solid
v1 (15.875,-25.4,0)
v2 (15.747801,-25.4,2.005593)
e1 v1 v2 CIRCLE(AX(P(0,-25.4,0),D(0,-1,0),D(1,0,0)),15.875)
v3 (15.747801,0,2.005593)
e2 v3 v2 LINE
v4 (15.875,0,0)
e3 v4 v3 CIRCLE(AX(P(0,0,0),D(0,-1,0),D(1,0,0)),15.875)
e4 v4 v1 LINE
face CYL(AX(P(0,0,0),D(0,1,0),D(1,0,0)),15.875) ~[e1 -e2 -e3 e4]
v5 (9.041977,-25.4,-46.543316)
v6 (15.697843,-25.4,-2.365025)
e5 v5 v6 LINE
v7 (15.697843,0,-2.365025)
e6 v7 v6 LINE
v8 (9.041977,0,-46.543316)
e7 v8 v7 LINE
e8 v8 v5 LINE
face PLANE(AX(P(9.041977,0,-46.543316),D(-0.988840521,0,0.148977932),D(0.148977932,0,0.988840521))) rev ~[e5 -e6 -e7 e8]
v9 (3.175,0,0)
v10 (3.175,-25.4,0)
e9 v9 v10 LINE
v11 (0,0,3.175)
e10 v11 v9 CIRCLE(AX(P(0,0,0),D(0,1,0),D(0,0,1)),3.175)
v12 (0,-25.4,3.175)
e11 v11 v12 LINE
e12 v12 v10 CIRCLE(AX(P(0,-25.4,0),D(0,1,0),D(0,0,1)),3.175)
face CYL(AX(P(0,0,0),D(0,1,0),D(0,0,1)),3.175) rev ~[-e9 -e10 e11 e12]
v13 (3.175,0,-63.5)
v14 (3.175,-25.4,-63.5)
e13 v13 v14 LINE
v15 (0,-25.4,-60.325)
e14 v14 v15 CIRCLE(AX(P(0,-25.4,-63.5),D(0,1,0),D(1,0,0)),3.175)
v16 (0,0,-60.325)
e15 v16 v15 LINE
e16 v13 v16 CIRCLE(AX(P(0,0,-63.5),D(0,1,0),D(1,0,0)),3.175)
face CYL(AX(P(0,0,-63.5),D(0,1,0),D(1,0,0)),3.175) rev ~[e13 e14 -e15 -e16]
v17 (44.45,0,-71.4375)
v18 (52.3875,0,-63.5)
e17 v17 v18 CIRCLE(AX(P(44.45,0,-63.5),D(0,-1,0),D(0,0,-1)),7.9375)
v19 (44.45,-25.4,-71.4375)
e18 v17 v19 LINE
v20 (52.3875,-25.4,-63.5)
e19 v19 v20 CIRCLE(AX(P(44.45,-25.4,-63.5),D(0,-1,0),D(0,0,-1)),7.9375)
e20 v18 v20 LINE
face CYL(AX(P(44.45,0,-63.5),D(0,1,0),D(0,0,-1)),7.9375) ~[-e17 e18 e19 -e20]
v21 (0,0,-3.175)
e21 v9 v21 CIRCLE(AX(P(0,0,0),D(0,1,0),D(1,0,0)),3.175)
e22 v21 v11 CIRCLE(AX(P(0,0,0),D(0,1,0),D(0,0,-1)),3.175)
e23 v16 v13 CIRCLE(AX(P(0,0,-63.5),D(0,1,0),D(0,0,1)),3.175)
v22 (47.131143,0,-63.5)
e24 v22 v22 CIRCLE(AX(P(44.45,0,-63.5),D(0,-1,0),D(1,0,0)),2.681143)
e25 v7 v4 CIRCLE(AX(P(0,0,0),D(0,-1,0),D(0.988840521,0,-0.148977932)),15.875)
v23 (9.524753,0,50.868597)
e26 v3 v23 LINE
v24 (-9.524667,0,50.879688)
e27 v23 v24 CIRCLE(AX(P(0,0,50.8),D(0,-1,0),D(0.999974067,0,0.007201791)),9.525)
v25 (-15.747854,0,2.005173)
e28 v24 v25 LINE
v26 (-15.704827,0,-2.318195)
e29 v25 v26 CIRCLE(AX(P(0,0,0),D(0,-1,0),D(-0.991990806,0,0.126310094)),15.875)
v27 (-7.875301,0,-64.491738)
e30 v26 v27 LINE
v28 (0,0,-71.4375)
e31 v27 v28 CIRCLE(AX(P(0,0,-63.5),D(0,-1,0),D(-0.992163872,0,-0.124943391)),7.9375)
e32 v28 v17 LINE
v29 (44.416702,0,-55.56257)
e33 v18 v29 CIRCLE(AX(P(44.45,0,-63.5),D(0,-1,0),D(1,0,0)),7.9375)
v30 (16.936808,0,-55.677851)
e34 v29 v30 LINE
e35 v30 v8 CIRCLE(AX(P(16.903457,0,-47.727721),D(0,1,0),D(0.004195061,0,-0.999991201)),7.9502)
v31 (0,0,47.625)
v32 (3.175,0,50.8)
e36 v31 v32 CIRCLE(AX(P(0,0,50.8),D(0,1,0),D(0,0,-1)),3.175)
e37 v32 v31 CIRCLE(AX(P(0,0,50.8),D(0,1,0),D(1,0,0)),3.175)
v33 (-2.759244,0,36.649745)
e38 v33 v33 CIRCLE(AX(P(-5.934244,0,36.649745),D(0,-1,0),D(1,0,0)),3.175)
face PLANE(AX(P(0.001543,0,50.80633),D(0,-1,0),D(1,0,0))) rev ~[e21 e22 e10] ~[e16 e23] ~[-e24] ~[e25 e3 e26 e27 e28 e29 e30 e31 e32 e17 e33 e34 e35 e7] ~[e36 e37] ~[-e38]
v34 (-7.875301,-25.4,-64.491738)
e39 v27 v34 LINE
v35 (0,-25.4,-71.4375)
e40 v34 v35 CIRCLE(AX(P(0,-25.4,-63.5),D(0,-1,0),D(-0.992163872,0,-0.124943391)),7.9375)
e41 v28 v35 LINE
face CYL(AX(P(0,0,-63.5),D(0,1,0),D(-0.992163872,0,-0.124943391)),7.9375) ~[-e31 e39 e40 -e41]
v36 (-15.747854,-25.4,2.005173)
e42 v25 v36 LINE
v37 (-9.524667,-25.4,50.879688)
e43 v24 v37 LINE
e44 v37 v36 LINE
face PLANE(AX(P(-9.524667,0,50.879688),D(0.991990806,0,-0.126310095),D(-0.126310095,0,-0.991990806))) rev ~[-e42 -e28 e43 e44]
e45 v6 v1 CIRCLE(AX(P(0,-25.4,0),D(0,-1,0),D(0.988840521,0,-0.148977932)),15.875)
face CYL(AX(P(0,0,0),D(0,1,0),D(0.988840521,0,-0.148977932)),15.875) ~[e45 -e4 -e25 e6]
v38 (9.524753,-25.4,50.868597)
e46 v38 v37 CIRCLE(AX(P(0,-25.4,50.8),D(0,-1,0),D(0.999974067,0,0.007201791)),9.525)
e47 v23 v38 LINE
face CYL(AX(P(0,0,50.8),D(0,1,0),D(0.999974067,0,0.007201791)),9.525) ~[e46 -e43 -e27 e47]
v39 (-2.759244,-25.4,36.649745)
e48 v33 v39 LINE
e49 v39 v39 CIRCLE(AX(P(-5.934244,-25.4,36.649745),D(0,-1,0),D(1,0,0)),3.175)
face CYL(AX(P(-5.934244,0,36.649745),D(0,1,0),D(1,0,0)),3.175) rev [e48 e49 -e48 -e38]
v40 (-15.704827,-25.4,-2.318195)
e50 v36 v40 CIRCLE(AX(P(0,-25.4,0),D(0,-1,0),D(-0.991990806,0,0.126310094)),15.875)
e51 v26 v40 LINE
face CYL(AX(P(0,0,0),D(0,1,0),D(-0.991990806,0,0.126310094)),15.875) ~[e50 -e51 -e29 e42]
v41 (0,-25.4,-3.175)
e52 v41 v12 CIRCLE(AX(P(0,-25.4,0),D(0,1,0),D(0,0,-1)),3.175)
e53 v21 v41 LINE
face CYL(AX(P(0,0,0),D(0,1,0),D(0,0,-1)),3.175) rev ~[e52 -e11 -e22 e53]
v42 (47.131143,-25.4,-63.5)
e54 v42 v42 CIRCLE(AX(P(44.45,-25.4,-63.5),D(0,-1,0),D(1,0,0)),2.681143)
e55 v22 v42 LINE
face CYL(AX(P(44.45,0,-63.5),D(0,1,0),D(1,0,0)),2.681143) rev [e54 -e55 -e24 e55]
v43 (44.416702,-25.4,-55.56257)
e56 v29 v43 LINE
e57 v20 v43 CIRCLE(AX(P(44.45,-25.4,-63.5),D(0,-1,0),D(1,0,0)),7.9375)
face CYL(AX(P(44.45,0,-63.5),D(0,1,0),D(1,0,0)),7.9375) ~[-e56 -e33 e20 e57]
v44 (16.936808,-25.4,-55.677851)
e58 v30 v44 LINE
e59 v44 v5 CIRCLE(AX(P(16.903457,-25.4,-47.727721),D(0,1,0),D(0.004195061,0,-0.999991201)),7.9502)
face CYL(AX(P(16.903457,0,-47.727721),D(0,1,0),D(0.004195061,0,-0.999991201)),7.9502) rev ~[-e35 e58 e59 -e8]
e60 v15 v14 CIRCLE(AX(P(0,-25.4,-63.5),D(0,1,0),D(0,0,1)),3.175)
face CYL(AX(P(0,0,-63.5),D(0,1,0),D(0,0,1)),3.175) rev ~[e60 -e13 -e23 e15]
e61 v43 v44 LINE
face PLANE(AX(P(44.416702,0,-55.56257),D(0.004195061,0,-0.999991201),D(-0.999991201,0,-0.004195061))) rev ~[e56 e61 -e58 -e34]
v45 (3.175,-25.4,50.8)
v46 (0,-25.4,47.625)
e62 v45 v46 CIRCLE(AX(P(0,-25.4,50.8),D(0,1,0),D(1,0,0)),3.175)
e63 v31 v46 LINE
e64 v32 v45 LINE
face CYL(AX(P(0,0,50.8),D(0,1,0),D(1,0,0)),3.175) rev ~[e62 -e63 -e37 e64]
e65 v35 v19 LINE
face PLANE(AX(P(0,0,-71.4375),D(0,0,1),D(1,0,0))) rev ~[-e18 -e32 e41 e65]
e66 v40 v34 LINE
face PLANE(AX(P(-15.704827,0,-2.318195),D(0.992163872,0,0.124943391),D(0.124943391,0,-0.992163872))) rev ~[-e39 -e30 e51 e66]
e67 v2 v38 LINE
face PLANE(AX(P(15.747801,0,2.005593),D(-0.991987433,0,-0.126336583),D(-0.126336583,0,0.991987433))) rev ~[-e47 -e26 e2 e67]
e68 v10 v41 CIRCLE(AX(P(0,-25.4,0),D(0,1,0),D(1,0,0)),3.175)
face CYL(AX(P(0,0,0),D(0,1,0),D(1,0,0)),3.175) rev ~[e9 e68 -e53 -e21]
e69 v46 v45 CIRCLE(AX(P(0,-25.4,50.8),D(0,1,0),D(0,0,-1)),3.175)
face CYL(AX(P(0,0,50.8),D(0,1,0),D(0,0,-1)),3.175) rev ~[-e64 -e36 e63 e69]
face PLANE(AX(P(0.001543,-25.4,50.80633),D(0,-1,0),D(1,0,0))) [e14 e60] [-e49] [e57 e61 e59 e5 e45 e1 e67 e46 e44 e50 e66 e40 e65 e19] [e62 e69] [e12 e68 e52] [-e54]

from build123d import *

# Parameters (mm, degrees)
F0_R     = 3.175
F0_R_2   = 2.6811430303
F1_DEPTH = 25.4
F2_DEPTH = 25.4
F3_DEPTH = 25.4


with BuildPart() as f1:
    # F0 (on Front) → F1 (new body)
    with BuildSketch(Plane.XZ):
        with BuildLine():
            ThreePointArc((-9.5246666481, 50.8796884045), (-6.7633075138, 44.0930411904), (0, 41.275))
            ThreePointArc((0, 41.275), (6.7351920908, 44.0648079092), (9.525, 50.8))
            ThreePointArc((9.525, 50.8), (9.5249382463, 50.8342987513), (9.524752986, 50.8685970579))
            ThreePointArc((9.524752986, 50.8685970579), (0.0055458414, 60.3249983855), (-9.5246666481, 50.8796884045))
        make_face()
        with BuildLine():
            ThreePointArc((3.175, 50.8), (2.2450640303, 48.5549359697), (0, 47.625))
            ThreePointArc((0, 47.625), (-2.2450640303, 53.0450640303), (3.175, 50.8))
        make_face(mode=Mode.SUBTRACT)
        with BuildLine():
            ThreePointArc((9.525, 50.8), (6.7351920908, 44.0648079092), (0, 41.275))
            Line((0, 41.275), (0, 36.5252))
            Line((0, 36.5252), (0, 15.875))
            ThreePointArc((0, 15.875), (10.4923027044, 11.9133206521), (15.7478005035, 2.0055932546))
            Line((15.7478005035, 2.0055932546), (9.524752986, 50.8685970579))
            ThreePointArc((9.524752986, 50.8685970579), (9.5249382463, 50.8342987513), (9.525, 50.8))
        make_face()
        with BuildLine():
            Line((0, 36.5252), (0, 41.275))
            ThreePointArc((0, 41.275), (-6.7633075138, 44.0930411904), (-9.5246666481, 50.8796884045))
            Line((-9.5246666481, 50.8796884045), (-15.747854052, 2.0051727503))
            ThreePointArc((-15.747854052, 2.0051727503), (-10.4924617605, 11.9131805663), (0, 15.875))
            Line((0, 15.875), (0, 36.5252))
        make_face()
        with Locations((-5.9342440218, 36.6497449577)):
            Circle(F0_R, mode=Mode.SUBTRACT)
        with BuildLine():
            ThreePointArc((15.7478005035, 2.0055932546), (10.4923027044, 11.9133206521), (0, 15.875))
            Line((0, 15.875), (0, 3.175))
            ThreePointArc((0, 3.175), (2.2450640303, 2.2450640303), (3.175, 0))
            ThreePointArc((3.175, 0), (2.2450640303, -2.2450640303), (0, -3.175))
            Line((0, -3.175), (0, -15.875))
            ThreePointArc((0, -15.875), (10.3554540779, -12.0324642464), (15.697843269, -2.3650246727))
            ThreePointArc((15.697843269, -2.3650246727), (15.8306488638, -1.1858252622), (15.875, 0))
            ThreePointArc((15.875, 0), (15.8431682121, 1.004811427), (15.7478005035, 2.0055932546))
        make_face()
        with BuildLine():
            Line((0, 3.175), (0, 15.875))
            ThreePointArc((0, 15.875), (-10.4924617605, 11.9131805663), (-15.747854052, 2.0051727503))
            ThreePointArc((-15.747854052, 2.0051727503), (-15.8742138864, -0.1579825563), (-15.7048272525, -2.3181945497))
            ThreePointArc((-15.7048272525, -2.3181945497), (-10.3733862968, -12.0170080194), (0, -15.875))
            Line((0, -15.875), (0, -3.175))
            ThreePointArc((0, -3.175), (-3.175, 0), (0, 3.175))
        make_face()
        with BuildLine():
            ThreePointArc((0, -15.875), (-10.3733862968, -12.0170080194), (-15.7048272525, -2.3181945497))
            Line((-15.7048272525, -2.3181945497), (-7.8753007349, -64.4917381631))
            ThreePointArc((-7.8753007349, -64.4917381631), (-5.9529752192, -58.2496674115), (0, -55.5625))
            Line((0, -55.5625), (0, -15.875))
        make_face()
        with BuildLine():
            ThreePointArc((15.697843269, -2.3650246727), (10.3554540779, -12.0324642464), (0, -15.875))
            Line((0, -15.875), (0, -55.5625))
            ThreePointArc((0, -55.5625), (5.6126600757, -57.8873399243), (7.9375, -63.5))
            ThreePointArc((7.9375, -63.5), (5.6126600757, -69.1126600757), (0, -71.4375))
            Line((0, -71.4375), (44.45, -71.4375))
            ThreePointArc((44.45, -71.4375), (36.5125174611, -63.5166491853), (44.4167017026, -55.5625698445))
            Line((44.4167017026, -55.5625698445), (16.9368082183, -55.6778506909))
            ThreePointArc((16.9368082183, -55.6778506909), (10.8884896462, -52.9263600902), (9.0419767345, -46.543316291))
            Line((9.0419767345, -46.543316291), (15.697843269, -2.3650246727))
        make_face()
        with BuildLine():
            ThreePointArc((0, -55.5625), (-5.9529752192, -58.2496674115), (-7.8753007349, -64.4917381631))
            ThreePointArc((-7.8753007349, -64.4917381631), (-5.2503325885, -69.4529752192), (0, -71.4375))
            ThreePointArc((0, -71.4375), (5.6126600757, -69.1126600757), (7.9375, -63.5))
            ThreePointArc((7.9375, -63.5), (5.6126600757, -57.8873399243), (0, -55.5625))
        make_face()
        with BuildLine():
            ThreePointArc((3.175, -63.5), (-2.2450640303, -65.7450640303), (0, -60.325))
            ThreePointArc((0, -60.325), (2.2450640303, -61.2549359697), (3.175, -63.5))
        make_face(mode=Mode.SUBTRACT)
        with BuildLine():
            ThreePointArc((44.4167017026, -55.5625698445), (36.5125174611, -63.5166491853), (44.45, -71.4375))
            ThreePointArc((44.45, -71.4375), (50.0626600757, -69.1126600757), (52.3875, -63.5))
            ThreePointArc((52.3875, -63.5), (50.0508749769, -57.8755795194), (44.4167017026, -55.5625698445))
        make_face()
        with Locations((44.45, -63.5)):
            Circle(F0_R_2, mode=Mode.SUBTRACT)
    extrude(amount=F1_DEPTH)

    # F0 (on Front) → F2 (join)
    with BuildSketch(Plane.XZ):
        with BuildLine():
            ThreePointArc((-9.5246666481, 50.8796884045), (-6.7633075138, 44.0930411904), (0, 41.275))
            ThreePointArc((0, 41.275), (6.7351920908, 44.0648079092), (9.525, 50.8))
            ThreePointArc((9.525, 50.8), (9.5249382463, 50.8342987513), (9.524752986, 50.8685970579))
            ThreePointArc((9.524752986, 50.8685970579), (0.0055458414, 60.3249983855), (-9.5246666481, 50.8796884045))
        make_face()
        with BuildLine():
            ThreePointArc((3.175, 50.8), (2.2450640303, 48.5549359697), (0, 47.625))
            ThreePointArc((0, 47.625), (-2.2450640303, 53.0450640303), (3.175, 50.8))
        make_face(mode=Mode.SUBTRACT)
        with BuildLine():
            ThreePointArc((9.525, 50.8), (6.7351920908, 44.0648079092), (0, 41.275))
            Line((0, 41.275), (0, 36.5252))
            Line((0, 36.5252), (0, 15.875))
            ThreePointArc((0, 15.875), (10.4923027044, 11.9133206521), (15.7478005035, 2.0055932546))
            Line((15.7478005035, 2.0055932546), (9.524752986, 50.8685970579))
            ThreePointArc((9.524752986, 50.8685970579), (9.5249382463, 50.8342987513), (9.525, 50.8))
        make_face()
        with BuildLine():
            Line((0, 36.5252), (0, 41.275))
            ThreePointArc((0, 41.275), (-6.7633075138, 44.0930411904), (-9.5246666481, 50.8796884045))
            Line((-9.5246666481, 50.8796884045), (-15.747854052, 2.0051727503))
            ThreePointArc((-15.747854052, 2.0051727503), (-10.4924617605, 11.9131805663), (0, 15.875))
            Line((0, 15.875), (0, 36.5252))
        make_face()
        with Locations((-5.9342440218, 36.6497449577)):
            Circle(F0_R, mode=Mode.SUBTRACT)
        with BuildLine():
            ThreePointArc((15.7478005035, 2.0055932546), (10.4923027044, 11.9133206521), (0, 15.875))
            Line((0, 15.875), (0, 3.175))
            ThreePointArc((0, 3.175), (2.2450640303, 2.2450640303), (3.175, 0))
            ThreePointArc((3.175, 0), (2.2450640303, -2.2450640303), (0, -3.175))
            Line((0, -3.175), (0, -15.875))
            ThreePointArc((0, -15.875), (10.3554540779, -12.0324642464), (15.697843269, -2.3650246727))
            ThreePointArc((15.697843269, -2.3650246727), (15.8306488638, -1.1858252622), (15.875, 0))
            ThreePointArc((15.875, 0), (15.8431682121, 1.004811427), (15.7478005035, 2.0055932546))
        make_face()
        with BuildLine():
            Line((0, 3.175), (0, 15.875))
            ThreePointArc((0, 15.875), (-10.4924617605, 11.9131805663), (-15.747854052, 2.0051727503))
            ThreePointArc((-15.747854052, 2.0051727503), (-15.8742138864, -0.1579825563), (-15.7048272525, -2.3181945497))
            ThreePointArc((-15.7048272525, -2.3181945497), (-10.3733862968, -12.0170080194), (0, -15.875))
            Line((0, -15.875), (0, -3.175))
            ThreePointArc((0, -3.175), (-3.175, 0), (0, 3.175))
        make_face()
        with BuildLine():
            ThreePointArc((0, -15.875), (-10.3733862968, -12.0170080194), (-15.7048272525, -2.3181945497))
            Line((-15.7048272525, -2.3181945497), (-7.8753007349, -64.4917381631))
            ThreePointArc((-7.8753007349, -64.4917381631), (-5.9529752192, -58.2496674115), (0, -55.5625))
            Line((0, -55.5625), (0, -15.875))
        make_face()
        with BuildLine():
            ThreePointArc((15.697843269, -2.3650246727), (10.3554540779, -12.0324642464), (0, -15.875))
            Line((0, -15.875), (0, -55.5625))
            ThreePointArc((0, -55.5625), (5.6126600757, -57.8873399243), (7.9375, -63.5))
            ThreePointArc((7.9375, -63.5), (5.6126600757, -69.1126600757), (0, -71.4375))
            Line((0, -71.4375), (44.45, -71.4375))
            ThreePointArc((44.45, -71.4375), (36.5125174611, -63.5166491853), (44.4167017026, -55.5625698445))
            Line((44.4167017026, -55.5625698445), (16.9368082183, -55.6778506909))
            ThreePointArc((16.9368082183, -55.6778506909), (10.8884896462, -52.9263600902), (9.0419767345, -46.543316291))
            Line((9.0419767345, -46.543316291), (15.697843269, -2.3650246727))
        make_face()
        with BuildLine():
            ThreePointArc((0, -55.5625), (-5.9529752192, -58.2496674115), (-7.8753007349, -64.4917381631))
            ThreePointArc((-7.8753007349, -64.4917381631), (-5.2503325885, -69.4529752192), (0, -71.4375))
            ThreePointArc((0, -71.4375), (5.6126600757, -69.1126600757), (7.9375, -63.5))
            ThreePointArc((7.9375, -63.5), (5.6126600757, -57.8873399243), (0, -55.5625))
        make_face()
        with BuildLine():
            ThreePointArc((3.175, -63.5), (-2.2450640303, -65.7450640303), (0, -60.325))
            ThreePointArc((0, -60.325), (2.2450640303, -61.2549359697), (3.175, -63.5))
        make_face(mode=Mode.SUBTRACT)
        with BuildLine():
            ThreePointArc((44.4167017026, -55.5625698445), (36.5125174611, -63.5166491853), (44.45, -71.4375))
            ThreePointArc((44.45, -71.4375), (50.0626600757, -69.1126600757), (52.3875, -63.5))
            ThreePointArc((52.3875, -63.5), (50.0508749769, -57.8755795194), (44.4167017026, -55.5625698445))
        make_face()
        with Locations((44.45, -63.5)):
            Circle(F0_R_2, mode=Mode.SUBTRACT)
    extrude(amount=F2_DEPTH)

    # F0 (on Front) → F3 (join)
    with BuildSketch(Plane.XZ):
        with BuildLine():
            ThreePointArc((-9.5246666481, 50.8796884045), (-6.7633075138, 44.0930411904), (0, 41.275))
            ThreePointArc((0, 41.275), (6.7351920908, 44.0648079092), (9.525, 50.8))
            ThreePointArc((9.525, 50.8), (9.5249382463, 50.8342987513), (9.524752986, 50.8685970579))
            ThreePointArc((9.524752986, 50.8685970579), (0.0055458414, 60.3249983855), (-9.5246666481, 50.8796884045))
        make_face()
        with BuildLine():
            ThreePointArc((3.175, 50.8), (2.2450640303, 48.5549359697), (0, 47.625))
            ThreePointArc((0, 47.625), (-2.2450640303, 53.0450640303), (3.175, 50.8))
        make_face(mode=Mode.SUBTRACT)
        with BuildLine():
            ThreePointArc((9.525, 50.8), (6.7351920908, 44.0648079092), (0, 41.275))
            Line((0, 41.275), (0, 36.5252))
            Line((0, 36.5252), (0, 15.875))
            ThreePointArc((0, 15.875), (10.4923027044, 11.9133206521), (15.7478005035, 2.0055932546))
            Line((15.7478005035, 2.0055932546), (9.524752986, 50.8685970579))
            ThreePointArc((9.524752986, 50.8685970579), (9.5249382463, 50.8342987513), (9.525, 50.8))
        make_face()
        with BuildLine():
            Line((0, 36.5252), (0, 41.275))
            ThreePointArc((0, 41.275), (-6.7633075138, 44.0930411904), (-9.5246666481, 50.8796884045))
            Line((-9.5246666481, 50.8796884045), (-15.747854052, 2.0051727503))
            ThreePointArc((-15.747854052, 2.0051727503), (-10.4924617605, 11.9131805663), (0, 15.875))
            Line((0, 15.875), (0, 36.5252))
        make_face()
        with Locations((-5.9342440218, 36.6497449577)):
            Circle(F0_R, mode=Mode.SUBTRACT)
        with BuildLine():
            ThreePointArc((15.7478005035, 2.0055932546), (10.4923027044, 11.9133206521), (0, 15.875))
            Line((0, 15.875), (0, 3.175))
            ThreePointArc((0, 3.175), (2.2450640303, 2.2450640303), (3.175, 0))
            ThreePointArc((3.175, 0), (2.2450640303, -2.2450640303), (0, -3.175))
            Line((0, -3.175), (0, -15.875))
            ThreePointArc((0, -15.875), (10.3554540779, -12.0324642464), (15.697843269, -2.3650246727))
            ThreePointArc((15.697843269, -2.3650246727), (15.8306488638, -1.1858252622), (15.875, 0))
            ThreePointArc((15.875, 0), (15.8431682121, 1.004811427), (15.7478005035, 2.0055932546))
        make_face()
        with BuildLine():
            Line((0, 3.175), (0, 15.875))
            ThreePointArc((0, 15.875), (-10.4924617605, 11.9131805663), (-15.747854052, 2.0051727503))
            ThreePointArc((-15.747854052, 2.0051727503), (-15.8742138864, -0.1579825563), (-15.7048272525, -2.3181945497))
            ThreePointArc((-15.7048272525, -2.3181945497), (-10.3733862968, -12.0170080194), (0, -15.875))
            Line((0, -15.875), (0, -3.175))
            ThreePointArc((0, -3.175), (-3.175, 0), (0, 3.175))
        make_face()
        with BuildLine():
            ThreePointArc((0, -15.875), (-10.3733862968, -12.0170080194), (-15.7048272525, -2.3181945497))
            Line((-15.7048272525, -2.3181945497), (-7.8753007349, -64.4917381631))
            ThreePointArc((-7.8753007349, -64.4917381631), (-5.9529752192, -58.2496674115), (0, -55.5625))
            Line((0, -55.5625), (0, -15.875))
        make_face()
        with BuildLine():
            ThreePointArc((15.697843269, -2.3650246727), (10.3554540779, -12.0324642464), (0, -15.875))
            Line((0, -15.875), (0, -55.5625))
            ThreePointArc((0, -55.5625), (5.6126600757, -57.8873399243), (7.9375, -63.5))
            ThreePointArc((7.9375, -63.5), (5.6126600757, -69.1126600757), (0, -71.4375))
            Line((0, -71.4375), (44.45, -71.4375))
            ThreePointArc((44.45, -71.4375), (36.5125174611, -63.5166491853), (44.4167017026, -55.5625698445))
            Line((44.4167017026, -55.5625698445), (16.9368082183, -55.6778506909))
            ThreePointArc((16.9368082183, -55.6778506909), (10.8884896462, -52.9263600902), (9.0419767345, -46.543316291))
            Line((9.0419767345, -46.543316291), (15.697843269, -2.3650246727))
        make_face()
        with BuildLine():
            ThreePointArc((0, -55.5625), (-5.9529752192, -58.2496674115), (-7.8753007349, -64.4917381631))
            ThreePointArc((-7.8753007349, -64.4917381631), (-5.2503325885, -69.4529752192), (0, -71.4375))
            ThreePointArc((0, -71.4375), (5.6126600757, -69.1126600757), (7.9375, -63.5))
            ThreePointArc((7.9375, -63.5), (5.6126600757, -57.8873399243), (0, -55.5625))
        make_face()
        with BuildLine():
            ThreePointArc((3.175, -63.5), (-2.2450640303, -65.7450640303), (0, -60.325))
            ThreePointArc((0, -60.325), (2.2450640303, -61.2549359697), (3.175, -63.5))
        make_face(mode=Mode.SUBTRACT)
        with BuildLine():
            ThreePointArc((44.4167017026, -55.5625698445), (36.5125174611, -63.5166491853), (44.45, -71.4375))
            ThreePointArc((44.45, -71.4375), (50.0626600757, -69.1126600757), (52.3875, -63.5))
            ThreePointArc((52.3875, -63.5), (50.0508749769, -57.8755795194), (44.4167017026, -55.5625698445))
        make_face()
        with Locations((44.45, -63.5)):
            Circle(F0_R_2, mode=Mode.SUBTRACT)
    extrude(amount=F3_DEPTH)


solid = f1.part
